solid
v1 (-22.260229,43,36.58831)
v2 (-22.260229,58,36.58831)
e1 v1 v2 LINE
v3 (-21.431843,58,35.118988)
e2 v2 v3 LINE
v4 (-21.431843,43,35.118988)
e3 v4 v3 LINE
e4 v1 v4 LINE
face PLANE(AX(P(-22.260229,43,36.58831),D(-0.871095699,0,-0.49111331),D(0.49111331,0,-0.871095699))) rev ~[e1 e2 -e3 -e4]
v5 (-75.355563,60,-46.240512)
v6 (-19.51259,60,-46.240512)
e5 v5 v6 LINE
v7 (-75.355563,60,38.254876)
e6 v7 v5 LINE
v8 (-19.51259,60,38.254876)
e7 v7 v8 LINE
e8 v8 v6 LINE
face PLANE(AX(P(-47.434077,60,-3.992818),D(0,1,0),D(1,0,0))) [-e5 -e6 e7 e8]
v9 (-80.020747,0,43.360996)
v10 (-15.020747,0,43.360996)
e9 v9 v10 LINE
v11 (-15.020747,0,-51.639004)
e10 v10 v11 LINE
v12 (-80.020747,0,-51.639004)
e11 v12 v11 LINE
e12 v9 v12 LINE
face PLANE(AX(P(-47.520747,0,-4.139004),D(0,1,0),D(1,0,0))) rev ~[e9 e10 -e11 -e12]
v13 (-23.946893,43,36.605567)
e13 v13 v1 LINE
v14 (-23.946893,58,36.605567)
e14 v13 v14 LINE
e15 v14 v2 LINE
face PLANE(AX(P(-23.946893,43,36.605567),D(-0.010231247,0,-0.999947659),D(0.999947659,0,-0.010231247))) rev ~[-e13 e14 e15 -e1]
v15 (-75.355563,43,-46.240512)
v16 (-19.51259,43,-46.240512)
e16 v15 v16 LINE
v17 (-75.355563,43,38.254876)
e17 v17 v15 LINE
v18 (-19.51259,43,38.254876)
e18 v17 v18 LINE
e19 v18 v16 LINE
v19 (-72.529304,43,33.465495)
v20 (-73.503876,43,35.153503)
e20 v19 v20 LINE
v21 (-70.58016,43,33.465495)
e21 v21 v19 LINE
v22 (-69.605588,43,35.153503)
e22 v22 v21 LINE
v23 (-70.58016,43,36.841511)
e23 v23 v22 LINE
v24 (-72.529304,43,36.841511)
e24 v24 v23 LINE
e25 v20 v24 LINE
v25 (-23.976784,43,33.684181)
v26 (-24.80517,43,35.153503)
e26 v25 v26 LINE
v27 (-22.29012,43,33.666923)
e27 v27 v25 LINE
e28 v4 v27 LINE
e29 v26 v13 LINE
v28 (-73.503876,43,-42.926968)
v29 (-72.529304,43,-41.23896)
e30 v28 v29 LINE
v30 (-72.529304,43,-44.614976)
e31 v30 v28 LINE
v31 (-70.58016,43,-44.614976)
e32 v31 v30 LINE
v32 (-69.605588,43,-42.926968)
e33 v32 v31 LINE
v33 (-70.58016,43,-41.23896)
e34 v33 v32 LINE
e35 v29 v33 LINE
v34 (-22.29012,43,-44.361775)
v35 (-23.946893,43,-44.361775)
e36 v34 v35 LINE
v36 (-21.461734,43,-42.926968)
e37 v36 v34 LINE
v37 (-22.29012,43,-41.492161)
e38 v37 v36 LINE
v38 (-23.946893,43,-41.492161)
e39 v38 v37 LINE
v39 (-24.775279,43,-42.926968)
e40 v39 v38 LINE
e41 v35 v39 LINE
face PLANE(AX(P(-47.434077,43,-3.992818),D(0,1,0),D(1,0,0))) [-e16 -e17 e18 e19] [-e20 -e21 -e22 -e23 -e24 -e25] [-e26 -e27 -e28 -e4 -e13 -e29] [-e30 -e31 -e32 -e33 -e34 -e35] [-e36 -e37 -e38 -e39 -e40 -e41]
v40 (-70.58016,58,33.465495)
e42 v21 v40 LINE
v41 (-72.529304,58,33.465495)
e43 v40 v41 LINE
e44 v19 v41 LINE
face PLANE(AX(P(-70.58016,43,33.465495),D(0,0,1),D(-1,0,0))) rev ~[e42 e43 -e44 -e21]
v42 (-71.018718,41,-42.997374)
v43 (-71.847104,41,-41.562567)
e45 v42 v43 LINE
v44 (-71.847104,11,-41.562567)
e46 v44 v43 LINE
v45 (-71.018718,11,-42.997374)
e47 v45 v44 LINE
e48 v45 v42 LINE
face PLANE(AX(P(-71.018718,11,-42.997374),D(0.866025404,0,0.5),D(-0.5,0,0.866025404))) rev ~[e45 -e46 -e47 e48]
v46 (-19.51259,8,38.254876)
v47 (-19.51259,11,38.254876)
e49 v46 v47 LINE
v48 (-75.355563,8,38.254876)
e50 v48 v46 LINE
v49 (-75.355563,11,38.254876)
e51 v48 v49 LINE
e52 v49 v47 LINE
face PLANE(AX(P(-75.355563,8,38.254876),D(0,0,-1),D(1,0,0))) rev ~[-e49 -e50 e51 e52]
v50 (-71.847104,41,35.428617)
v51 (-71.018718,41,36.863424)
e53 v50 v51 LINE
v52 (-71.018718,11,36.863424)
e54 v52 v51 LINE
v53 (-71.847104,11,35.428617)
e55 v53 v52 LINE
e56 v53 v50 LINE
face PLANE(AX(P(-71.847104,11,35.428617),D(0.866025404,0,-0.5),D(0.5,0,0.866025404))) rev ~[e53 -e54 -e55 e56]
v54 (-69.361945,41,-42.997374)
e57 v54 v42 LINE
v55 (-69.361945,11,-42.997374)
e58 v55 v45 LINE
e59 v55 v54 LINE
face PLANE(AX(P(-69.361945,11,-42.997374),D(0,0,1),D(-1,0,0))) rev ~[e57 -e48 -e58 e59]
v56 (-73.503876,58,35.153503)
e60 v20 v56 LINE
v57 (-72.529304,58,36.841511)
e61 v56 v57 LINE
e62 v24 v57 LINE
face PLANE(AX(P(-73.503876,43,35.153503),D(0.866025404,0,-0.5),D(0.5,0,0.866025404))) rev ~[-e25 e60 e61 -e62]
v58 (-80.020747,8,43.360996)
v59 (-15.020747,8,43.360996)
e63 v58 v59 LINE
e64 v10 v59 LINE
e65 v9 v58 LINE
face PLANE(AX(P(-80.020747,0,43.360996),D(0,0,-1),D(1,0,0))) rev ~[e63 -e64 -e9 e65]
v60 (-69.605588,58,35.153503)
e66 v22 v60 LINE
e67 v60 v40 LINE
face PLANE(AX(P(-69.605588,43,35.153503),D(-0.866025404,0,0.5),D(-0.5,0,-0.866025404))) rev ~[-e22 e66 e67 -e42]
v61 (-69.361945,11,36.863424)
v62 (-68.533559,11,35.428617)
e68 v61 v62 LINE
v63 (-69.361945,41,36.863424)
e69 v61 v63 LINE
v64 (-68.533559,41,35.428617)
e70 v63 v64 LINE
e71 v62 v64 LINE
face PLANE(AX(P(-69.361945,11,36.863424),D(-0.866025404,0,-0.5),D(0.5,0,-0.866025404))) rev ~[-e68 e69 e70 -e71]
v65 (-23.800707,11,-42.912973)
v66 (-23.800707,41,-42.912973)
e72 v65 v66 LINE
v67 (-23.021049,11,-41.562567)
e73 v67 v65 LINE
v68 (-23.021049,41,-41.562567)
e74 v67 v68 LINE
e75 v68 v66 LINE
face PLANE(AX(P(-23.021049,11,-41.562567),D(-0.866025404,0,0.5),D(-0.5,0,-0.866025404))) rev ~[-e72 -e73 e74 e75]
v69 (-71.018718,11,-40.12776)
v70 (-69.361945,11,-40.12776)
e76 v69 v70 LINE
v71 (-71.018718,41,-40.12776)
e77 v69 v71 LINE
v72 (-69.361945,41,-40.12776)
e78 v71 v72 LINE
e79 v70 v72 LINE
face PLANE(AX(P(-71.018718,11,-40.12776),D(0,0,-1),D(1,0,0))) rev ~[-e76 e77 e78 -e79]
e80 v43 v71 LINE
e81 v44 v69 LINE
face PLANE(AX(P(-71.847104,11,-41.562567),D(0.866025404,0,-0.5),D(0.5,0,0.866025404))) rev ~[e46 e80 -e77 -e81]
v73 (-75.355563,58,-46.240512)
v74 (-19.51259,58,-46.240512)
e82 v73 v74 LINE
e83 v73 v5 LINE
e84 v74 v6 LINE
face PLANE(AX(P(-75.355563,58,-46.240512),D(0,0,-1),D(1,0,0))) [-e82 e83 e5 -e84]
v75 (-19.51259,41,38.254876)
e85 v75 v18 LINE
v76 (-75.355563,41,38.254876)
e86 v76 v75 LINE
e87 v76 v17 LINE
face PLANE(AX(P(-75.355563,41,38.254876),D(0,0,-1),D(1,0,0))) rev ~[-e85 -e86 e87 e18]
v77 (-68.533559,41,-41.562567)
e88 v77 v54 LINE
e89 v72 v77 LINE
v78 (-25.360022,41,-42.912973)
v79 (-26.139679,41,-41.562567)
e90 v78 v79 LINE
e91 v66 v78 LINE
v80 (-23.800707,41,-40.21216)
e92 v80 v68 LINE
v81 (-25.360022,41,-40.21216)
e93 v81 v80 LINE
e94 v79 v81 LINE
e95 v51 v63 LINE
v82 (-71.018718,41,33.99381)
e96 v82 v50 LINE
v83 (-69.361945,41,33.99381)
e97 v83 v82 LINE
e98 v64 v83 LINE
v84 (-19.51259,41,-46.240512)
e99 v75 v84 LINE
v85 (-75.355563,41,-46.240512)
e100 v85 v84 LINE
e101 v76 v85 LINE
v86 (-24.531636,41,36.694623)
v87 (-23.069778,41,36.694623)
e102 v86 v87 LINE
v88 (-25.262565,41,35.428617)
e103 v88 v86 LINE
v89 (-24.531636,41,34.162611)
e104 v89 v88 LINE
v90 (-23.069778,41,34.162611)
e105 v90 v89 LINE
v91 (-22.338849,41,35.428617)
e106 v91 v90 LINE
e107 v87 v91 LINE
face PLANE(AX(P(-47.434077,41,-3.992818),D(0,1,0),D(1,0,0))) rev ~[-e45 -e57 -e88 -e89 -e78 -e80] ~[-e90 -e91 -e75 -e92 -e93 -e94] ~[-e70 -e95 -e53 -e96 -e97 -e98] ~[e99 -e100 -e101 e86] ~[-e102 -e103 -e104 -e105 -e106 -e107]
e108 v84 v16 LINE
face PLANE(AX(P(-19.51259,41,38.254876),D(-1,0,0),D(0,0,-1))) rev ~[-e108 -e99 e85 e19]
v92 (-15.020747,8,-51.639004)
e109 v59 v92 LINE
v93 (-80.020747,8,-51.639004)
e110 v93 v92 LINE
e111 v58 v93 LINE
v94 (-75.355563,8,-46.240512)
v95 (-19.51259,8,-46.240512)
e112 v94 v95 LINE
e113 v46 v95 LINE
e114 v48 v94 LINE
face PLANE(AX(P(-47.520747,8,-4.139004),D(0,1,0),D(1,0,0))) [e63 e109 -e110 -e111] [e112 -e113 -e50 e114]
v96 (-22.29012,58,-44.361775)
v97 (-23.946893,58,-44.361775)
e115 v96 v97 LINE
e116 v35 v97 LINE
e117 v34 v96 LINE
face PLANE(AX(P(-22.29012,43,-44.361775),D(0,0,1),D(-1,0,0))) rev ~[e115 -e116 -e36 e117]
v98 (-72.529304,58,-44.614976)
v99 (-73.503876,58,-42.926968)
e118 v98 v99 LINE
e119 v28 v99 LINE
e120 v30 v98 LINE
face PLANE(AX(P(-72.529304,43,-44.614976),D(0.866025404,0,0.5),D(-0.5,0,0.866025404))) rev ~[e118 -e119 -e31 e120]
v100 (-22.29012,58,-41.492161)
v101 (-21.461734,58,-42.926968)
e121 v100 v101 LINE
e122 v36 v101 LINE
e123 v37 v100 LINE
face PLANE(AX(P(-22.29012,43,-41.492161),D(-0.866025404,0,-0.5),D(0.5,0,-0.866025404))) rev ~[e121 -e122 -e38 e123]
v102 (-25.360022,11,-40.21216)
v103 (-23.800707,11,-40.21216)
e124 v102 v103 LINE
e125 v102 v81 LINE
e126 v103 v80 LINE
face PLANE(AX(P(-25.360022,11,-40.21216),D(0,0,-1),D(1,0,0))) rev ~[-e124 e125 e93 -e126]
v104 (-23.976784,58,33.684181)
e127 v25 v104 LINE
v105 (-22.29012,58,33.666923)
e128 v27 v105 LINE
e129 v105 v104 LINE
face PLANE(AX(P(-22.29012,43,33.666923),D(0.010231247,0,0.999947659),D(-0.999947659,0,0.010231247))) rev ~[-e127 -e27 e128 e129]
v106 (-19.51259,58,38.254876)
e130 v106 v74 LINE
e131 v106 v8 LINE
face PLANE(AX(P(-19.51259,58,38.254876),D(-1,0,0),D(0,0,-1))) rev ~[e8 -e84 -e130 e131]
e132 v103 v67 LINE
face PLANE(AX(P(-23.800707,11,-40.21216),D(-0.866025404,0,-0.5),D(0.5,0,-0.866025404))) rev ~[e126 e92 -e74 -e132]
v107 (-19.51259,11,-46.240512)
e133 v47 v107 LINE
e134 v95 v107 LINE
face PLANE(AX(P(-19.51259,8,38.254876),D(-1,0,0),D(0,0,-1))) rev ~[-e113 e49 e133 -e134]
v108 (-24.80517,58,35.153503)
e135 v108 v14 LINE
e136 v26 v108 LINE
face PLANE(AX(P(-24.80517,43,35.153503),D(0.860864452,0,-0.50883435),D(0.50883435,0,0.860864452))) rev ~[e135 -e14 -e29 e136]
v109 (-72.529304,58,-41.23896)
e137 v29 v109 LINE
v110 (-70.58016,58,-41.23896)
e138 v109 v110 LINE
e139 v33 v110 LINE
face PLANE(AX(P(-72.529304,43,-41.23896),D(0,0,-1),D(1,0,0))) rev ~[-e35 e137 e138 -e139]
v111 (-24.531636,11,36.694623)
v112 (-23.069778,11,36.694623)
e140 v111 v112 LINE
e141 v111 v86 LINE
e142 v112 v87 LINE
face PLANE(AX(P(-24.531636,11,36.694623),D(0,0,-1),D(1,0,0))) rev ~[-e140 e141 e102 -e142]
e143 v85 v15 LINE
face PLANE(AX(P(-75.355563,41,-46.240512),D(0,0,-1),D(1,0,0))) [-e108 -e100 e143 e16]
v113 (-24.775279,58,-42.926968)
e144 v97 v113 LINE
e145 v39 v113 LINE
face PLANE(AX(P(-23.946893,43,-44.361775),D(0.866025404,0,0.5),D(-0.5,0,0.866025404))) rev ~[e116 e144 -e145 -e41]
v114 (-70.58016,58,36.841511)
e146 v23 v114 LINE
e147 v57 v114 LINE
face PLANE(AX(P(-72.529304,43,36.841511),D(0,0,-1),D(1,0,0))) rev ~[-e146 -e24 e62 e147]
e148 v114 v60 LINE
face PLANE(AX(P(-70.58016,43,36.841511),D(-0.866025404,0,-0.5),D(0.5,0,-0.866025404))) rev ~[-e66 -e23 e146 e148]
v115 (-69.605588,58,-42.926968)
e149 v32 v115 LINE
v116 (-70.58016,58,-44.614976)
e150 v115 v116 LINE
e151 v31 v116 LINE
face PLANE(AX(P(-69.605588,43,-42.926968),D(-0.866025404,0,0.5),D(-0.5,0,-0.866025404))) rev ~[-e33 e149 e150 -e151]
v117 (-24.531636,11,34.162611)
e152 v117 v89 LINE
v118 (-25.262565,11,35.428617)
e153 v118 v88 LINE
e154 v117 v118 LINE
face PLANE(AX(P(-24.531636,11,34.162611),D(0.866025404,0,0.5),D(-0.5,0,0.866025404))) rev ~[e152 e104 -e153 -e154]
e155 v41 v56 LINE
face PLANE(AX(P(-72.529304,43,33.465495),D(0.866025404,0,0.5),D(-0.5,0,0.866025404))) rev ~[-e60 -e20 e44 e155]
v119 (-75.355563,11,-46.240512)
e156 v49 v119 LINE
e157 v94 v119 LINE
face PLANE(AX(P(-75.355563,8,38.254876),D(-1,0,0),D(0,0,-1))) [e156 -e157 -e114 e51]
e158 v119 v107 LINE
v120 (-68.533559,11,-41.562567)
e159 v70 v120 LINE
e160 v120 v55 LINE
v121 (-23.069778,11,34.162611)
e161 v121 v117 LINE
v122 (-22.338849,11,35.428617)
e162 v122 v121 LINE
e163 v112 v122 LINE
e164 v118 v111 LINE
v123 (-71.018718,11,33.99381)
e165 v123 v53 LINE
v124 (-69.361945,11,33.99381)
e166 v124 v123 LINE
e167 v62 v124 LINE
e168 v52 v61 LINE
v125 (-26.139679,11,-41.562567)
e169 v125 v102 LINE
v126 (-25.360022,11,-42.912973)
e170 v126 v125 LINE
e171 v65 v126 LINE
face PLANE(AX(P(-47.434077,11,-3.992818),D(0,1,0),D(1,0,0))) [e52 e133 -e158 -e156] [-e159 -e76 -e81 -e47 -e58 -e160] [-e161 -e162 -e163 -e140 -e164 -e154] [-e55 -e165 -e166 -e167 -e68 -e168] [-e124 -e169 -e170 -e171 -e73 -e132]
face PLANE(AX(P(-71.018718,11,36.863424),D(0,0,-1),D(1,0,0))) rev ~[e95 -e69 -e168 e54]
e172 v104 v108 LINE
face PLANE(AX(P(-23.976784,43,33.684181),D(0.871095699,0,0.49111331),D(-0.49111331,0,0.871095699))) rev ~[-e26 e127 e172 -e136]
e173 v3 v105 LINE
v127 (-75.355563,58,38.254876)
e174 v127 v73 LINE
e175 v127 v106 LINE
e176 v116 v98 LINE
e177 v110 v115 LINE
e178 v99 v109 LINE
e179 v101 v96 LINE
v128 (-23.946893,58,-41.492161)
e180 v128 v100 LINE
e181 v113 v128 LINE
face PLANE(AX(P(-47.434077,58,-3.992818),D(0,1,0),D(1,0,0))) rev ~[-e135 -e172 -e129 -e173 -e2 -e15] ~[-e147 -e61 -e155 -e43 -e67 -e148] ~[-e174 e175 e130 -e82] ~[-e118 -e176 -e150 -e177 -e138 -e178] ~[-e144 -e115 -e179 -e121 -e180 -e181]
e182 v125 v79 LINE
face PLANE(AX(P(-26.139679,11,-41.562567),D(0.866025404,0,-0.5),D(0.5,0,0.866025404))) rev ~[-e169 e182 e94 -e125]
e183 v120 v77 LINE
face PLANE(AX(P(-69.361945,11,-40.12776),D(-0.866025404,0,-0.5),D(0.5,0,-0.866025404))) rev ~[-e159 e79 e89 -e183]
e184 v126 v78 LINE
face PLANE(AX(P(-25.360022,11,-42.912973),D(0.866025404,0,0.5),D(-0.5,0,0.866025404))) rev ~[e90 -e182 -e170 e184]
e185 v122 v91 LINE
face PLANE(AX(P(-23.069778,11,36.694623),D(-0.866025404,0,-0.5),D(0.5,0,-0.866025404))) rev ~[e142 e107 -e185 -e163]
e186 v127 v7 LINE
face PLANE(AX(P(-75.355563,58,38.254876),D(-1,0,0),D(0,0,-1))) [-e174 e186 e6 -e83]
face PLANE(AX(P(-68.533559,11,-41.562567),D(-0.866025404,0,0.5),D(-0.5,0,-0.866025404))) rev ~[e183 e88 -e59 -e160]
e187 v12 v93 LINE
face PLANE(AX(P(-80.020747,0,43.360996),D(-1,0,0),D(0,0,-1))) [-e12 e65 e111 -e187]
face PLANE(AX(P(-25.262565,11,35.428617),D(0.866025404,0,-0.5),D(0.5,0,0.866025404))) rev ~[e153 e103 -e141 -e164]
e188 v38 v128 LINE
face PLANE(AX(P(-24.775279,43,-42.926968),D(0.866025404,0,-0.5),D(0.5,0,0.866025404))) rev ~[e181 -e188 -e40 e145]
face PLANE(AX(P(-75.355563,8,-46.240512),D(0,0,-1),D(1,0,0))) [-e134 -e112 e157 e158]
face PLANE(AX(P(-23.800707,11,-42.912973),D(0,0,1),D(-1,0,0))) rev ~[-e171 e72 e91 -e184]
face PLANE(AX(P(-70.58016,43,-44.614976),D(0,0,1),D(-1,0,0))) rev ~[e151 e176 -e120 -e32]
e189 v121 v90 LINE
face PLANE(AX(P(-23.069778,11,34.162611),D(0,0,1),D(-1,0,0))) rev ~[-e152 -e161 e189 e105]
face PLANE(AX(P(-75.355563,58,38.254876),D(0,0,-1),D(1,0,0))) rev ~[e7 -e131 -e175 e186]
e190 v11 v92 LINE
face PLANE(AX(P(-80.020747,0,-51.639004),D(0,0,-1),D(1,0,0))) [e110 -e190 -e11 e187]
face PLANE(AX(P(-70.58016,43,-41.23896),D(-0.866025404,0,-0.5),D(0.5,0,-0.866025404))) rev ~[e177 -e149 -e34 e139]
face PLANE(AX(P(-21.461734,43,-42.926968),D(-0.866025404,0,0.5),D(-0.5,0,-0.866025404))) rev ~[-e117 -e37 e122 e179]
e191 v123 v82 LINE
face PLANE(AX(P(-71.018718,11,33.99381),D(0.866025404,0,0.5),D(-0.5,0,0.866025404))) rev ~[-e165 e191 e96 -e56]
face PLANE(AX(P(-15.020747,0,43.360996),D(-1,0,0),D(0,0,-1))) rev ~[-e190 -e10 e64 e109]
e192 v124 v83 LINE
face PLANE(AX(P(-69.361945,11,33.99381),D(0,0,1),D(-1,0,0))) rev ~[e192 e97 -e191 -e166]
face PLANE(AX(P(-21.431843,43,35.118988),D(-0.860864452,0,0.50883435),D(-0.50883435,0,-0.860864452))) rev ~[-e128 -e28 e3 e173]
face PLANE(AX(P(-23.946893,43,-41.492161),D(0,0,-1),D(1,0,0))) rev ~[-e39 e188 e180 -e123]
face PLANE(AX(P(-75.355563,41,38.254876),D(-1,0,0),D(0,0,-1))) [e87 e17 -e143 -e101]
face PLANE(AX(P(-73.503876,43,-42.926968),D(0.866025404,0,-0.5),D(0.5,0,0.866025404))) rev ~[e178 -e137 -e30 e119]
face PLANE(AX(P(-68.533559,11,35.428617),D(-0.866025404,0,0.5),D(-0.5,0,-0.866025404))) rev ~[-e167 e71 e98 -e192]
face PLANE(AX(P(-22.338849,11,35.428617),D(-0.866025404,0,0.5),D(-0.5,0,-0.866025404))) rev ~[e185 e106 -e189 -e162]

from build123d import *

# Parameters (mm, degrees)
SKETCH1_W           = 65
SKETCH1_H           = 95
BOSS_EXTRUDE1_DEPTH = 8
SKETCH2_W           = 55.842972677
SKETCH2_H           = 84.495387978
BOSS_EXTRUDE2_DEPTH = 3
BOSS_EXTRUDE3_DEPTH = 30
SKETCH4_W           = 55.842972677
SKETCH4_H           = 84.495387978
BOSS_EXTRUDE4_DEPTH = 2
BOSS_EXTRUDE5_DEPTH = 15
SKETCH6_W           = 55.842972677
SKETCH6_H           = 84.495387978
BOSS_EXTRUDE6_DEPTH = 2


with BuildPart() as part:
    # Sketch1 → Boss-Extrude1 (new body)
    with BuildSketch(Plane(origin=(0, 0, 0), x_dir=(1, 0, 0), z_dir=(0, 1, 0))):
        with Locations((-47.520746888, 4.139004149)):
            Rectangle(SKETCH1_W, SKETCH1_H)
    extrude(amount=BOSS_EXTRUDE1_DEPTH)

    # Sketch2 → Boss-Extrude2 (add)
    with BuildSketch(Plane(origin=(0, 8, 0), x_dir=(1, 0, 0), z_dir=(0, 1, 0))):
        with Locations((-47.434076541, 3.992818357)):
            Rectangle(SKETCH2_W, SKETCH2_H)
    extrude(amount=BOSS_EXTRUDE2_DEPTH)

    # Sketch3 → Boss-Extrude3 (add)
    with BuildSketch(Plane(origin=(0, 11, 0), x_dir=(1, 0, 0), z_dir=(0, 1, 0))):
        Polygon((-68.533559236, 41.562566991), (-69.361945393, 42.997373903), (-71.018717706, 42.997373903), (-71.847103863, 41.562566991), (-71.018717706, 40.127760079), (-69.361945393, 40.127760079), align=None)
        Polygon((-23.021049218, 41.562566991), (-23.800706777, 42.912973496), (-25.360021896, 42.912973496), (-26.139679455, 41.562566991), (-25.360021896, 40.212160486), (-23.800706777, 40.212160486), align=None)
        Polygon((-22.338848854, -35.42861698), (-23.069777816, -34.162610881), (-24.531635739, -34.162610881), (-25.262564701, -35.42861698), (-24.531635739, -36.694623078), (-23.069777816, -36.694623078), align=None)
        Polygon((-68.533559236, -35.42861698), (-69.361945393, -33.993810068), (-71.018717706, -33.993810068), (-71.847103863, -35.42861698), (-71.018717706, -36.863423892), (-69.361945393, -36.863423892), align=None)
    extrude(amount=BOSS_EXTRUDE3_DEPTH)

    # Sketch4 → Boss-Extrude4 (add)
    with BuildSketch(Plane(origin=(0, 41, 0), x_dir=(1, 0, 0), z_dir=(0, 1, 0))):
        with Locations((-47.434076541, 3.992818357)):
            Rectangle(SKETCH4_W, SKETCH4_H)
    extrude(amount=BOSS_EXTRUDE4_DEPTH)

    # Sketch5 → Boss-Extrude5 (add)
    with BuildSketch(Plane(origin=(0, 43, 0), x_dir=(1, 0, 0), z_dir=(0, 1, 0))):
        Polygon((-69.60558838, 42.92696772), (-70.580160329, 44.614975851), (-72.529304227, 44.614975851), (-73.503876176, 42.92696772), (-72.529304227, 41.238959588), (-70.580160329, 41.238959588), align=None)
        Polygon((-21.4617341, 42.92696772), (-22.290120256, 44.361774631), (-23.94689257, 44.361774631), (-24.775278726, 42.92696772), (-23.94689257, 41.492160808), (-22.290120256, 41.492160808), align=None)
        Polygon((-22.290120256, -33.666923337), (-23.976783563, -33.68418091), (-24.80516972, -35.153502968), (-23.94689257, -36.605567453), (-22.260229263, -36.58830988), (-21.431843106, -35.118987822), align=None)
        Polygon((-69.60558838, -35.153502968), (-70.580160329, -33.465494837), (-72.529304227, -33.465494837), (-73.503876176, -35.153502968), (-72.529304227, -36.8415111), (-70.580160329, -36.8415111), align=None)
    extrude(amount=BOSS_EXTRUDE5_DEPTH)

    # Sketch6 → Boss-Extrude6 (add)
    with BuildSketch(Plane(origin=(0, 58, 0), x_dir=(1, 0, 0), z_dir=(0, 1, 0))):
        with Locations((-47.434076541, 3.992818357)):
            Rectangle(SKETCH6_W, SKETCH6_H)
    extrude(amount=BOSS_EXTRUDE6_DEPTH)


solid = part.part
